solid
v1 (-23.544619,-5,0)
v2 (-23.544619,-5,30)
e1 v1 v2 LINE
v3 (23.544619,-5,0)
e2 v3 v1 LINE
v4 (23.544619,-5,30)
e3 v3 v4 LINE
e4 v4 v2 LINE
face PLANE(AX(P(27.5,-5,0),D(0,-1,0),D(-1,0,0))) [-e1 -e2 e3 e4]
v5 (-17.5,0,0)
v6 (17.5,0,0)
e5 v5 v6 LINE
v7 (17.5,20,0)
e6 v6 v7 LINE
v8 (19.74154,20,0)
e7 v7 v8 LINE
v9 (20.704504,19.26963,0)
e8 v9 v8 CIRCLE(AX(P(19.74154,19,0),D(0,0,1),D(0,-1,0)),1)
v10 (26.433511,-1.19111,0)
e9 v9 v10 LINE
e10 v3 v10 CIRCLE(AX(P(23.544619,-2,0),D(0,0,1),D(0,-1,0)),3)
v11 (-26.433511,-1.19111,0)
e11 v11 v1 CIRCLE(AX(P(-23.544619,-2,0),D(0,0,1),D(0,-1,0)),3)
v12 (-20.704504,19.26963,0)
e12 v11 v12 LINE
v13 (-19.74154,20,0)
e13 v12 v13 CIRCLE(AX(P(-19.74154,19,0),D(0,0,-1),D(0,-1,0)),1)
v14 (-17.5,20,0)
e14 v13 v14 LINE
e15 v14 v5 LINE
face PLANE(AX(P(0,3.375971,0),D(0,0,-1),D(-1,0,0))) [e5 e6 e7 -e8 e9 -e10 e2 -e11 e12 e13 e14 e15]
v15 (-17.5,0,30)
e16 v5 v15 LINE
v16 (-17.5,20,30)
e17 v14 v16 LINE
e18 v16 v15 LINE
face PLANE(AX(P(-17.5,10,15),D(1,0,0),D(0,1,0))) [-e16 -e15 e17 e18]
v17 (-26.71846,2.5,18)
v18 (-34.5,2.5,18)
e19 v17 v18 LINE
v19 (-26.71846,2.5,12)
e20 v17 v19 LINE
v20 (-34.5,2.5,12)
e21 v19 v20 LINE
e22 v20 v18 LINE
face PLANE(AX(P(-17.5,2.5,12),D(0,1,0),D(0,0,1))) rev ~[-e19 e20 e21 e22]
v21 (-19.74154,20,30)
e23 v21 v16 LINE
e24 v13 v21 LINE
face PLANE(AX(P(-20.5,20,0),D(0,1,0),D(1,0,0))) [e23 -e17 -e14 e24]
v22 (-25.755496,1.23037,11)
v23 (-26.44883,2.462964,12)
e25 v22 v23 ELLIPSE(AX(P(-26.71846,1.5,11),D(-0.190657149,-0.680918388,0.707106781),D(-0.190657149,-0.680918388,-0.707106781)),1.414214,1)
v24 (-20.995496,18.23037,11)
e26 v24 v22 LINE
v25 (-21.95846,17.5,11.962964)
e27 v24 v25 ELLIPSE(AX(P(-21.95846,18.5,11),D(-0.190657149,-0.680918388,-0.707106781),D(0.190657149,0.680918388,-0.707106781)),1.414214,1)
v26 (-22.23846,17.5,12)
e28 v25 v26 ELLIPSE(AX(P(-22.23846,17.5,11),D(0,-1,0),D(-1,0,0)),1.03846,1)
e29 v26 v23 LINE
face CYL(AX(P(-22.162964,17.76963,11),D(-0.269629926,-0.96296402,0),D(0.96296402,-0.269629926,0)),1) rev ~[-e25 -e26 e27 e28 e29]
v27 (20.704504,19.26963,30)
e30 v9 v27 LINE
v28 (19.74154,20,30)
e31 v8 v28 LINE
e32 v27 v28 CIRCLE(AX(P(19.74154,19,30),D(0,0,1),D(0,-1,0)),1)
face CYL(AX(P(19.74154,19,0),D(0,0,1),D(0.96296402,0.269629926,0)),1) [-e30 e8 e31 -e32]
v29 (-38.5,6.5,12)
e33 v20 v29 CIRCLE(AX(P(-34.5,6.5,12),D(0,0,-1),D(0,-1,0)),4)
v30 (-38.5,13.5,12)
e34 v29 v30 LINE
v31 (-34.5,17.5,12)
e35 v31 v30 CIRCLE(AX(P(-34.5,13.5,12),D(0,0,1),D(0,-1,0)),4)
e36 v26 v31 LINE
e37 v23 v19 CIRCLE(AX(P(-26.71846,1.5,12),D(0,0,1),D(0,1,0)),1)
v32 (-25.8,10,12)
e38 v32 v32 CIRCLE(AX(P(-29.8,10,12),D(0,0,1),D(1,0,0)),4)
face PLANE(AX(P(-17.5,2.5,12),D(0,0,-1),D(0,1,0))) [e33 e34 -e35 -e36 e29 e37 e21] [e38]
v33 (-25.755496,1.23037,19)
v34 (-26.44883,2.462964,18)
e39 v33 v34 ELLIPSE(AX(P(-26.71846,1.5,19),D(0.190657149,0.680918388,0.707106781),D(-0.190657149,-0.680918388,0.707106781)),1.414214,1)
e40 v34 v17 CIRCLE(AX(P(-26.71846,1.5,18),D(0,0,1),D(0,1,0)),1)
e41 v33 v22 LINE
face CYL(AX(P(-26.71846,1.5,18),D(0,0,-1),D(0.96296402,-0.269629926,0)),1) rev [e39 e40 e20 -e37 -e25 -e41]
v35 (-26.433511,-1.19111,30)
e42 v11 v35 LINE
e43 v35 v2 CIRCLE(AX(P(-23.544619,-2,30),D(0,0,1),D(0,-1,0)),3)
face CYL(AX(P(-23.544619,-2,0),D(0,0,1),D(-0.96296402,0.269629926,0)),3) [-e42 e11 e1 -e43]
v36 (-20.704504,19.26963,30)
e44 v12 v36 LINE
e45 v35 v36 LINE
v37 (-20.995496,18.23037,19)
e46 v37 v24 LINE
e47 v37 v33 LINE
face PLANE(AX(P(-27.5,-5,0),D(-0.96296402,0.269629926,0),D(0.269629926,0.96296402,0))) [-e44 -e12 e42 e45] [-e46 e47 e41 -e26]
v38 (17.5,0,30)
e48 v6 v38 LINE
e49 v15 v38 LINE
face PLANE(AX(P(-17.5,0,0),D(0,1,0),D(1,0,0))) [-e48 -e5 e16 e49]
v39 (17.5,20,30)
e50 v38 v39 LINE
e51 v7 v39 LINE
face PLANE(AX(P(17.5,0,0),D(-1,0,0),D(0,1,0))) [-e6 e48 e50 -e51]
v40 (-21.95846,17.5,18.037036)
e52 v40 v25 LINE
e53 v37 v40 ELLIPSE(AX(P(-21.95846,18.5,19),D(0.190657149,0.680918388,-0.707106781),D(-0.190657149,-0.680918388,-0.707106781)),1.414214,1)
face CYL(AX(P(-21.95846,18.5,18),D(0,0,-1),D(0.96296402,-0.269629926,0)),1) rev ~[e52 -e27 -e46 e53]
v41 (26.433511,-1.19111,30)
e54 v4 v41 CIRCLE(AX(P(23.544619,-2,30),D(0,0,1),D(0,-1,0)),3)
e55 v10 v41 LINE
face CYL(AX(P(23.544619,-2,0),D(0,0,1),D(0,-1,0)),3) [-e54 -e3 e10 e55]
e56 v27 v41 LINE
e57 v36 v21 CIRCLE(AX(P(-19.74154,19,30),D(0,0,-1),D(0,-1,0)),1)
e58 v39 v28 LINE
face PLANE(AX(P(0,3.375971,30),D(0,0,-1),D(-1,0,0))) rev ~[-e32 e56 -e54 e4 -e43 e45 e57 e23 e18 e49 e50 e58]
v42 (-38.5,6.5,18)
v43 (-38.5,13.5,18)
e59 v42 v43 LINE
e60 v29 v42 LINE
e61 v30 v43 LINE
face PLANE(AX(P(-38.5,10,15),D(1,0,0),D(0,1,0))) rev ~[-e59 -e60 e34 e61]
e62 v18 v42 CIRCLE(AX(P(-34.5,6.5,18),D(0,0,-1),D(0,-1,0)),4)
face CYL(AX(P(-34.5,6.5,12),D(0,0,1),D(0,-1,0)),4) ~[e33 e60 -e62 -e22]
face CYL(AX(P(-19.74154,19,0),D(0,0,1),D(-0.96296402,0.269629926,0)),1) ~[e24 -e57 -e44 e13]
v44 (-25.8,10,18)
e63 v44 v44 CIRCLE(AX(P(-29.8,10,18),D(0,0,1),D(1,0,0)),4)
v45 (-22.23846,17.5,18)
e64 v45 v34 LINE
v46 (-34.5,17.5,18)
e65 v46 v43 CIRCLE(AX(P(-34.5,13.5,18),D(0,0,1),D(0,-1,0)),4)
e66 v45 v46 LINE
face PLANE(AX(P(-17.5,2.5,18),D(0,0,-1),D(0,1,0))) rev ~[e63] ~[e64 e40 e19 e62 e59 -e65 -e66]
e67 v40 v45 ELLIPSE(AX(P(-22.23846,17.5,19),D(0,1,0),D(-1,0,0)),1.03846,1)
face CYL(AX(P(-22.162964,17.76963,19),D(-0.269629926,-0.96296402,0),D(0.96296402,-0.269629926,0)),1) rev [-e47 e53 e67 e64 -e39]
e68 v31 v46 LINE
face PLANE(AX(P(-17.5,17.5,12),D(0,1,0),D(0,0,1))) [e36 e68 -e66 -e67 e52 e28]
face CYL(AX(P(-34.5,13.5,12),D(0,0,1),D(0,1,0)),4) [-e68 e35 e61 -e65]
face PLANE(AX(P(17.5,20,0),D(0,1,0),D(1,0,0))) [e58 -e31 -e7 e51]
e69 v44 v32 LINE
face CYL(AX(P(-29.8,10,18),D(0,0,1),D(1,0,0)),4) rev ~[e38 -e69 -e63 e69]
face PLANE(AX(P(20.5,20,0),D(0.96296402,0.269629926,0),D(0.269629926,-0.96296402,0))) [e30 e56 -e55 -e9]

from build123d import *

# Parameters (mm, degrees)
PAD_DEPTH    = 30
SKETCH001_W  = 15
SKETCH001_H  = 6
PAD001_DEPTH = 21
SKETCH002_R  = 4
POCKET_DEPTH = 6
FILLET_R     = 4
FILLET001_R  = 3
FILLET002_R  = 1
FILLET003_R  = 1


with BuildPart() as part:
    # Sketch → Pad (new body)
    with BuildSketch(Plane.XY):
        Polygon((-17.5, 20), (-17.5, 0), (17.5, 0), (17.5, 20), (20.5, 20), (27.5, -5), (-27.5, -5), (-20.5, 20), align=None)
    extrude(amount=PAD_DEPTH)

    # Sketch001 (on Face1 of Pad) → Pad001 (join)
    with BuildSketch(Plane.YZ.offset(-17.5)):
        with Locations((10, 15)):
            Rectangle(SKETCH001_W, SKETCH001_H)
    extrude(amount=-PAD001_DEPTH)

    # Sketch002 (on Face15 of Pad001) → Pocket (cut)
    with BuildSketch(Plane.XY.offset(18)):
        with Locations((-29.8, 10)):
            Circle(SKETCH002_R)
    extrude(amount=-POCKET_DEPTH, mode=Mode.SUBTRACT)

    # Fillet
    fillet_edges = [part.edges().sort_by_distance(p)[0] for p in [
        (-38.5, 17.5, 15),
        (-38.5, 2.5, 15),
    ]]
    fillet(fillet_edges, radius=FILLET_R)

    # Fillet001
    fillet001_edges = [part.edges().sort_by_distance(p)[0] for p in [
        (-27.5, -5, 15),
        (27.5, -5, 15),
    ]]
    fillet(fillet001_edges, radius=FILLET001_R)

    # Fillet002
    fillet002_edges = [part.edges().sort_by_distance(p)[0] for p in [
        (-20.5, 20, 15),
        (20.5, 20, 15),
    ]]
    fillet(fillet002_edges, radius=FILLET002_R)

    # Fillet003
    fillet003_edges = [part.edges().sort_by_distance(p)[0] for p in [
        (-23.3, 10, 18),
        (-23.3, 10, 12),
        (-21.2, 17.5, 15),
        (-25.4, 2.5, 15),
    ]]
    fillet(fillet003_edges, radius=FILLET003_R)


solid = part.part
